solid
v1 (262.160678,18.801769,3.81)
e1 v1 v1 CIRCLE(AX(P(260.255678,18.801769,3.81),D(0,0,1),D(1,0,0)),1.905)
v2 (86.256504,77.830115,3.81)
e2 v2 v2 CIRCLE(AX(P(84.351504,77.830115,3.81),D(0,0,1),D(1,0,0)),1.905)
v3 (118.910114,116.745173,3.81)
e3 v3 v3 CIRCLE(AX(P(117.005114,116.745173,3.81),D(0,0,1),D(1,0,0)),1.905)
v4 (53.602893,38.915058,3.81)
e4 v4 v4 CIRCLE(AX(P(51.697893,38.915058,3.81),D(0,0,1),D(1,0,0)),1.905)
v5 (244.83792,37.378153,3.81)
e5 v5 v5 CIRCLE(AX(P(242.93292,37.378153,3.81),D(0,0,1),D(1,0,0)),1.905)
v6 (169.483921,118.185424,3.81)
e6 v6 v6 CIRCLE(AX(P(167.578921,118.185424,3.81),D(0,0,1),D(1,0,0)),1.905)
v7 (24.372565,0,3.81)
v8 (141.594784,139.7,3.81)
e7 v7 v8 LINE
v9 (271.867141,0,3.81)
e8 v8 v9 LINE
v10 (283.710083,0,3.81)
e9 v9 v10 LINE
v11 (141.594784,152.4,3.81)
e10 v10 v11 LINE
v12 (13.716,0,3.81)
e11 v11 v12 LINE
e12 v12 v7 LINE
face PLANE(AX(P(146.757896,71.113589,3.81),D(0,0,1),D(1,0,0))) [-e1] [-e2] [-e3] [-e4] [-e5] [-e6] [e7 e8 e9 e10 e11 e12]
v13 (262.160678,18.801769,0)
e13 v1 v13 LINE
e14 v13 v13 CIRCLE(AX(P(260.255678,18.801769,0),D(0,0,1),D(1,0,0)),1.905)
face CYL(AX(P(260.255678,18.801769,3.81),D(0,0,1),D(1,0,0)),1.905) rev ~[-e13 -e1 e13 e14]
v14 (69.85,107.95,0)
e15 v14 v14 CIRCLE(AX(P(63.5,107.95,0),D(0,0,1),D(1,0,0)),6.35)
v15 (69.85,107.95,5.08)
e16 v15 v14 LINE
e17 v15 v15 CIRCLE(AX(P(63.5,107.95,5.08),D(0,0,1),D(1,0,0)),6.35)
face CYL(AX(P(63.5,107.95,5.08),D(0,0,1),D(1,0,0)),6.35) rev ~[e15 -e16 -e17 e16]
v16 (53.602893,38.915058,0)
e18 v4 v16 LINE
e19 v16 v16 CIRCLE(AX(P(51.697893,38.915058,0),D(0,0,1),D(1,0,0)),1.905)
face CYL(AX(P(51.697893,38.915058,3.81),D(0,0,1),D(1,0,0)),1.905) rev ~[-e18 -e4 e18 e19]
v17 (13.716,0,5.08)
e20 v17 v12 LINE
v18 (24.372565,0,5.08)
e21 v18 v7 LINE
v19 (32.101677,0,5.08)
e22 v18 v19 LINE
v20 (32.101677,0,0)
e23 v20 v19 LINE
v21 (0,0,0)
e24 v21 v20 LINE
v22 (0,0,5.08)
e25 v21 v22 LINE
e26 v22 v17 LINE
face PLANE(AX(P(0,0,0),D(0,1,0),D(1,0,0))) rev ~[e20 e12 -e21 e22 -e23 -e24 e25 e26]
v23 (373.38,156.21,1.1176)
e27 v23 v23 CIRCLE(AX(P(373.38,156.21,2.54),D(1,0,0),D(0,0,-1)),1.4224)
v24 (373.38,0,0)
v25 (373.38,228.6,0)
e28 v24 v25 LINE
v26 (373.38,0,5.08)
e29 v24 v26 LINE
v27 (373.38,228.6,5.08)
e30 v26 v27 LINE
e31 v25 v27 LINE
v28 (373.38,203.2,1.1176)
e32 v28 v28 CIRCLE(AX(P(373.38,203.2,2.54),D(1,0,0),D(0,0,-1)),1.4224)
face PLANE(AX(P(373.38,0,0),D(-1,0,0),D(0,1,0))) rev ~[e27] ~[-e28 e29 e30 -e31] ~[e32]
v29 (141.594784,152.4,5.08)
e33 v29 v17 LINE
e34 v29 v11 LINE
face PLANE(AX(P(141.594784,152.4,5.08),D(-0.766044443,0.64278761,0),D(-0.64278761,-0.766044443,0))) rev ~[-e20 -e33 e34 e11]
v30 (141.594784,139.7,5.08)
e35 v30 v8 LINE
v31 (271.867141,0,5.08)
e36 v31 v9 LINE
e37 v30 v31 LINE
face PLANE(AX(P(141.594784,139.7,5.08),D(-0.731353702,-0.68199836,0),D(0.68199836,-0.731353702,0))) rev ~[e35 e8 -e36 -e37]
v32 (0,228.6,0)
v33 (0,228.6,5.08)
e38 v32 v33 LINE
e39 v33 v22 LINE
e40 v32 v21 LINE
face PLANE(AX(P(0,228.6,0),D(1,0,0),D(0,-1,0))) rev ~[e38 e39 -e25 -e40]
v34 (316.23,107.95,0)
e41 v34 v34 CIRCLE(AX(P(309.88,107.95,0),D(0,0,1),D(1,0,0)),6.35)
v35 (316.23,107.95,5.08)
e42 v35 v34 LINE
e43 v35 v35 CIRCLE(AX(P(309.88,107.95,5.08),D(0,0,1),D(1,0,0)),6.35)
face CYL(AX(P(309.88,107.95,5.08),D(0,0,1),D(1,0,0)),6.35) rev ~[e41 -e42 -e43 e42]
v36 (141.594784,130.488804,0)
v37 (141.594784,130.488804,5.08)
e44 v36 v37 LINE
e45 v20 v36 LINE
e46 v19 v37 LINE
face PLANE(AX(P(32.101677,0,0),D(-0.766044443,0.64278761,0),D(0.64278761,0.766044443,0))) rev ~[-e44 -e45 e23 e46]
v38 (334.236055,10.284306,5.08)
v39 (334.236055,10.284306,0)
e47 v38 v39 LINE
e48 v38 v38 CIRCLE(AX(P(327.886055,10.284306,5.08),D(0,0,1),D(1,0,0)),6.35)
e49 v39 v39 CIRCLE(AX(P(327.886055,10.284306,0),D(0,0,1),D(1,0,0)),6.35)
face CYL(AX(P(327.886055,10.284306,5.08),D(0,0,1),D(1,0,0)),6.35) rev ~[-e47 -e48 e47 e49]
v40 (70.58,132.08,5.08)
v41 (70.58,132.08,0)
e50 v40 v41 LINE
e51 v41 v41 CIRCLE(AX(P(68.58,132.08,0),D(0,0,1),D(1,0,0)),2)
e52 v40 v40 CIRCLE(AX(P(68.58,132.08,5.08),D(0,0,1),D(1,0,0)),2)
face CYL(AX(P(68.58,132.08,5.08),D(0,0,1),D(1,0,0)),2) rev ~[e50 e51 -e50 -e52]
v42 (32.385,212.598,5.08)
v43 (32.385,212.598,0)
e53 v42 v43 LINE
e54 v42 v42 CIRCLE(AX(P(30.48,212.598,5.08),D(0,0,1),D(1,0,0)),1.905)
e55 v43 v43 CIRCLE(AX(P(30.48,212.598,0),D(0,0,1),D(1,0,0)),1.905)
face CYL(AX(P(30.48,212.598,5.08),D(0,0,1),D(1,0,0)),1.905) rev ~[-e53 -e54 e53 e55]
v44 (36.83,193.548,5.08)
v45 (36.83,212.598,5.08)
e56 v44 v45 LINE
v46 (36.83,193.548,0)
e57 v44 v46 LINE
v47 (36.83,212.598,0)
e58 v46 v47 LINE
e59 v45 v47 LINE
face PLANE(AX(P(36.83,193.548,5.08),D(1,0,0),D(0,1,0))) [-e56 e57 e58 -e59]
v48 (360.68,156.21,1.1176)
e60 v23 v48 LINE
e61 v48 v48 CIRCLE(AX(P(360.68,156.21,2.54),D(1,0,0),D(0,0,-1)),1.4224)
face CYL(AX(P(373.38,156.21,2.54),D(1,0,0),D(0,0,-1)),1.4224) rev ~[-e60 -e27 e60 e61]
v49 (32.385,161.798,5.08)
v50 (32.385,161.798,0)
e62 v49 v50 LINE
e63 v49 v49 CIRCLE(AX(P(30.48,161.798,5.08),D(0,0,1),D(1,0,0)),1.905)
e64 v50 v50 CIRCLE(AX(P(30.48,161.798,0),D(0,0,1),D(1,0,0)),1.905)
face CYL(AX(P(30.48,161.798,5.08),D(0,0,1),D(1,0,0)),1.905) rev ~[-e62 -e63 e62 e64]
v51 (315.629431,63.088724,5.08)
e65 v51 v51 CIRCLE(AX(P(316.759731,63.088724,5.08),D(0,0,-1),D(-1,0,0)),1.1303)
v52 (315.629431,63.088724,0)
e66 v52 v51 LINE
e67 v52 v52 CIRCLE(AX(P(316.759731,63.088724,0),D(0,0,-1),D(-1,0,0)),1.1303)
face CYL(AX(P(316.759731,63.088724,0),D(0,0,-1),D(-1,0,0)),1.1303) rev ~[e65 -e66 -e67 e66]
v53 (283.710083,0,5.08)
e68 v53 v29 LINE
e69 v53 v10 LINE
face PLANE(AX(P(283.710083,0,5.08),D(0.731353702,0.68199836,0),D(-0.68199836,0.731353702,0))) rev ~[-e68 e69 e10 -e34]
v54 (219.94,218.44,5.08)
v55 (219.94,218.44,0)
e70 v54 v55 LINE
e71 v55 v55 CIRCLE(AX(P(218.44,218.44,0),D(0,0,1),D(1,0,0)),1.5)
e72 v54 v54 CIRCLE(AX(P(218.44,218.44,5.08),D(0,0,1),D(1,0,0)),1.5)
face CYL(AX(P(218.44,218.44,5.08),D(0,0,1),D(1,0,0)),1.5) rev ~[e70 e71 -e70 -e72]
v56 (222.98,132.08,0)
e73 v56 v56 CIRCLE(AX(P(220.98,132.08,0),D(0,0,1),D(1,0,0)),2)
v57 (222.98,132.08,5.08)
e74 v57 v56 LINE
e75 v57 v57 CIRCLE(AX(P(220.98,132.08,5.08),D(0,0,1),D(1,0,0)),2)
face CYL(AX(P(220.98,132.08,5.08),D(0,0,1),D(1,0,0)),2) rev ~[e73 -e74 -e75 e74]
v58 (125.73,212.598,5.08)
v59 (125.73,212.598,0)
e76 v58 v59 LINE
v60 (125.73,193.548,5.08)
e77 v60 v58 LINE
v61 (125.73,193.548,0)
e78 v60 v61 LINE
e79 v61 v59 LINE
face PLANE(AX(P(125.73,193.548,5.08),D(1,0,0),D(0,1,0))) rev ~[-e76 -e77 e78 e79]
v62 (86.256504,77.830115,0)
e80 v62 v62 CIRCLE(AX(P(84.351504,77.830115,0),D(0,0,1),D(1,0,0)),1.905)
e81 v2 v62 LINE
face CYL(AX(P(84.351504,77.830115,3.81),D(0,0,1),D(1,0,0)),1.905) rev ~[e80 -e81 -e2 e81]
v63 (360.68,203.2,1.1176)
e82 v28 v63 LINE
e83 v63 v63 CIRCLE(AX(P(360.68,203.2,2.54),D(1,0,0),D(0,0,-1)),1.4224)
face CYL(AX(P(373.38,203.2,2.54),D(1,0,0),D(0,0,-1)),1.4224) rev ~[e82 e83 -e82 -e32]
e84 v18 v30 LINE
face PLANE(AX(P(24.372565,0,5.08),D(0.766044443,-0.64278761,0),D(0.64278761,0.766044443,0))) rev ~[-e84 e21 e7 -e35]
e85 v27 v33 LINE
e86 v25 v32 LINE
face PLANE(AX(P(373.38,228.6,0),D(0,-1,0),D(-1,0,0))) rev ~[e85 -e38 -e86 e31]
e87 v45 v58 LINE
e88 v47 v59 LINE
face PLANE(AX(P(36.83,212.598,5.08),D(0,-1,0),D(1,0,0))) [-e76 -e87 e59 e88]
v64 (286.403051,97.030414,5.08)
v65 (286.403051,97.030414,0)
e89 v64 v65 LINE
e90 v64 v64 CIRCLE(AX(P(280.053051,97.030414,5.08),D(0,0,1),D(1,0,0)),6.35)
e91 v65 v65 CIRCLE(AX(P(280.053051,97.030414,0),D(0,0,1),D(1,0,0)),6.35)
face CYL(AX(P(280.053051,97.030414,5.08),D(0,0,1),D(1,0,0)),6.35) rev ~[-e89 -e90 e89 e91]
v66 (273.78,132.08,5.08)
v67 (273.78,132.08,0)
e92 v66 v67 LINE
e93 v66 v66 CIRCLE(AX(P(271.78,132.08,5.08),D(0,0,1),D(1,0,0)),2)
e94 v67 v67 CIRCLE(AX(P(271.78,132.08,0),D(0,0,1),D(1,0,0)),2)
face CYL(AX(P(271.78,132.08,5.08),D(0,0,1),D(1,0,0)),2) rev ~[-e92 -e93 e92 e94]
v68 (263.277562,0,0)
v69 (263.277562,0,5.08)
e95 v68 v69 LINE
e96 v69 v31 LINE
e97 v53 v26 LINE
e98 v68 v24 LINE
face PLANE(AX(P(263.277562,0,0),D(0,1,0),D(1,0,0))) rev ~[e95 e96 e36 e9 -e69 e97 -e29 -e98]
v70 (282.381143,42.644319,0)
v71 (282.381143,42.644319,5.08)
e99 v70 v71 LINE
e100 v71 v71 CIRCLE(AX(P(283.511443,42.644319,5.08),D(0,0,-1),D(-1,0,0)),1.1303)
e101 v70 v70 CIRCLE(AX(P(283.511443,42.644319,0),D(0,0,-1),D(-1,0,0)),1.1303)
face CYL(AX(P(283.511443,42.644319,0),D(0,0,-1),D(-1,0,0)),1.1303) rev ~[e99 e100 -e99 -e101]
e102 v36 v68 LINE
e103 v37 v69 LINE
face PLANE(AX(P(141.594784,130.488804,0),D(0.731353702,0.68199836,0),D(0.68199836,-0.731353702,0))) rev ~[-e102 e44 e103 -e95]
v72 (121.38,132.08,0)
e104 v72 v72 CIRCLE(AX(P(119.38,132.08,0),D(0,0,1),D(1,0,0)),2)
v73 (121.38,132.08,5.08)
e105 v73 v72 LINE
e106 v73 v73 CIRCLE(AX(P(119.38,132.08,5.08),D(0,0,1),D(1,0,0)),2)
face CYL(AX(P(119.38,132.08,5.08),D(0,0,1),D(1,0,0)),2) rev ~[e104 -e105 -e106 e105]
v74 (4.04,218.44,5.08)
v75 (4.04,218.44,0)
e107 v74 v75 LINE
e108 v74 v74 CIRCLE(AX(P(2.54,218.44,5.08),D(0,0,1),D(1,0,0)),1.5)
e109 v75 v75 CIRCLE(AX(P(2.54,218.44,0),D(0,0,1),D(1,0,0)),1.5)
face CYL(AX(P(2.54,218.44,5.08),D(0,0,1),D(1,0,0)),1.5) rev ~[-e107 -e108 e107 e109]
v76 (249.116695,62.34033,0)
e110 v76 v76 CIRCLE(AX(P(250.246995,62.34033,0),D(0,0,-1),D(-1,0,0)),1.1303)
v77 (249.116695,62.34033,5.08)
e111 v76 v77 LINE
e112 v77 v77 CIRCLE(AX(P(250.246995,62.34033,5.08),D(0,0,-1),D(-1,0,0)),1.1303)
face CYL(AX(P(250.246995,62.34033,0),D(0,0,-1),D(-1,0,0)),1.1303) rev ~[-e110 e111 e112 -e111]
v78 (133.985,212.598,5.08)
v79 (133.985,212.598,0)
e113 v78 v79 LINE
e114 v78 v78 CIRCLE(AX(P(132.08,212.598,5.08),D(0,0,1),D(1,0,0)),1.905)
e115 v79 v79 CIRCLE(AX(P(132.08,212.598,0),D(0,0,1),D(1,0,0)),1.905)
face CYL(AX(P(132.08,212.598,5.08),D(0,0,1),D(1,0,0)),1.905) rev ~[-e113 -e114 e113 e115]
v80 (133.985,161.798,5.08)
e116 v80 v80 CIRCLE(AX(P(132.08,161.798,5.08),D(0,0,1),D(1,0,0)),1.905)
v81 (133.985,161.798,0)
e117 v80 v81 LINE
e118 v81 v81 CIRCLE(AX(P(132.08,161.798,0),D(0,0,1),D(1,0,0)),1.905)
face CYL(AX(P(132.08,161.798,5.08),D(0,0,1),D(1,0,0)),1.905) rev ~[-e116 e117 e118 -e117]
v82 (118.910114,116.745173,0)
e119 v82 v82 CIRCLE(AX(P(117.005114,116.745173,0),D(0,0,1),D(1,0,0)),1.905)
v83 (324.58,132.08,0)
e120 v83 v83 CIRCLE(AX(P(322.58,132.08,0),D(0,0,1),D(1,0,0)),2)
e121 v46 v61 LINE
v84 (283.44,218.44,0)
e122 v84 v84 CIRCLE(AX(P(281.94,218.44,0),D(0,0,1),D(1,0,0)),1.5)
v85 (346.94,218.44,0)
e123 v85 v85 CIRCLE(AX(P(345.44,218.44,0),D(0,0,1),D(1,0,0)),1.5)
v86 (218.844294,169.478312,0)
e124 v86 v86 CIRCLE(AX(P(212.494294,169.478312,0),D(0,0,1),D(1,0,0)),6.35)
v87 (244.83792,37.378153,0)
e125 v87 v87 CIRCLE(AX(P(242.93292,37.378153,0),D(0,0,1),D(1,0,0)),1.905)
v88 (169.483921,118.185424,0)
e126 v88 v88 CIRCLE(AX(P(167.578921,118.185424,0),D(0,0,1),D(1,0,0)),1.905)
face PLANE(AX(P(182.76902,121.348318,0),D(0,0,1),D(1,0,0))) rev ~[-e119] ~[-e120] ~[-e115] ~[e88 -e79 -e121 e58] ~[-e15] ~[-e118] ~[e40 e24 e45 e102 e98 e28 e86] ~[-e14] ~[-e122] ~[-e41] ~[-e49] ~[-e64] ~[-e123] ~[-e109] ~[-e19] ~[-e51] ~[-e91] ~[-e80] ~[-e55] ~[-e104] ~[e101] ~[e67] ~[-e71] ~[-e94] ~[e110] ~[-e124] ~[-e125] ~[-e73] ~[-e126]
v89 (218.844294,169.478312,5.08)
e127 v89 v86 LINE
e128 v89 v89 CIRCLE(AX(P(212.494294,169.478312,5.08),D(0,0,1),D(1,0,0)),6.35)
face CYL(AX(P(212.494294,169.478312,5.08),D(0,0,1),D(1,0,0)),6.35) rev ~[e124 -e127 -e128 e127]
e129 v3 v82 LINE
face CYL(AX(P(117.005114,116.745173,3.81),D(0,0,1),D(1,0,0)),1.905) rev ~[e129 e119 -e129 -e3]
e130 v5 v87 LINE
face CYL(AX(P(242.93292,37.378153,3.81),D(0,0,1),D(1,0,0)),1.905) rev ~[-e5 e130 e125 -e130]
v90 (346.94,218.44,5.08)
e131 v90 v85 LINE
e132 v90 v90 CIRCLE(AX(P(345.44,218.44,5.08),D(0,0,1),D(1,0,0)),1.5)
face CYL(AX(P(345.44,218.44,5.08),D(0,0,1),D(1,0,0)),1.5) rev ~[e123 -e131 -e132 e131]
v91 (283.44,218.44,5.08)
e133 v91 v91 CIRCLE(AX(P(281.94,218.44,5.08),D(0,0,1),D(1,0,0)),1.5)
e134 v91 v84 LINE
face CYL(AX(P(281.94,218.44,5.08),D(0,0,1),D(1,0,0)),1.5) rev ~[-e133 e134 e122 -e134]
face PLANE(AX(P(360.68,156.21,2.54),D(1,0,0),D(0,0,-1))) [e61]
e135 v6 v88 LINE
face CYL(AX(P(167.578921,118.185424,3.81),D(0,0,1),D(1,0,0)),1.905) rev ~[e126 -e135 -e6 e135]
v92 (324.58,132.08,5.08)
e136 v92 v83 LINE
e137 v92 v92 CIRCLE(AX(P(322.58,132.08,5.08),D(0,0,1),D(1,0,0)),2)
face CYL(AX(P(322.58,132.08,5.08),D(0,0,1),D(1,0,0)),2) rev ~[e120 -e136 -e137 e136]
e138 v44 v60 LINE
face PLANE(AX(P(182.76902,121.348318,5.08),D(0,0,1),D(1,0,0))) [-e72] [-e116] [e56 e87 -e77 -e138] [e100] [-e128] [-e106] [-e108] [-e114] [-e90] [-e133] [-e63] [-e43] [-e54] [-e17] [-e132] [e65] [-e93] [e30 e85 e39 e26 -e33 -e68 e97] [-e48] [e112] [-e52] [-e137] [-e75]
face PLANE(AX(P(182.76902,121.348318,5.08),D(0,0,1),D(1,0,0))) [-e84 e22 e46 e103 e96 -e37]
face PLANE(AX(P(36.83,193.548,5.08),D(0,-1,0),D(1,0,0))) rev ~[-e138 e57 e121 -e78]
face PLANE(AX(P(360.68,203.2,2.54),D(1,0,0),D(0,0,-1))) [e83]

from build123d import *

# Parameters (mm, degrees)
BOSS_EXTRUDE1_DEPTH = 5.08
CUT_EXTRUDE1_DEPTH  = 1.27
SKETCH4_R           = 1.905
CUT_EXTRUDE2_DEPTH  = 7.62
SKETCH5_R           = 1.905
SKETCH5_W           = 88.9
SKETCH5_H           = 19.05
CUT_EXTRUDE3_DEPTH  = 7.62
SKETCH7_R           = 6.35
CUT_EXTRUDE5_DEPTH  = 7.62
SKETCH8_R           = 1.5
CUT_EXTRUDE6_DEPTH  = 25.4
SKETCH9_R           = 2
CUT_EXTRUDE7_DEPTH  = 381
SKETCH10_R          = 1.4224
CUT_EXTRUDE8_DEPTH  = 12.7
SKETCH6_R           = 6.35
CUT_EXTRUDE9_DEPTH  = 5.08
SKETCH11_R          = 1.1303
CUT_EXTRUDE10_DEPTH = 438.831463922


with BuildPart() as part:
    # Sketch2 → Boss-Extrude1 (new body)
    with BuildSketch(Plane.XY):
        Polygon((0, 0), (32.101676515, 0), (141.594783791, 130.488803961), (263.277562057, 0), (373.38, 0), (373.38, 228.6), (0, 228.6), align=None)
    extrude(amount=BOSS_EXTRUDE1_DEPTH)

    # Sketch3 → Cut-Extrude1 (cut)
    with BuildSketch(Plane.XY.offset(5.08)):
        Polygon((13.716, 0), (24.372565316, 0), (141.594783791, 139.7), (271.867141325, 0), (283.710082919, 0), (141.594783791, 152.4), align=None)
    extrude(amount=-CUT_EXTRUDE1_DEPTH, mode=Mode.SUBTRACT)

    # Sketch4 → Cut-Extrude2 (cut)
    with BuildSketch(Plane.XY.offset(3.81)):
        with Locations((51.69789323, 38.91505771)):
            Circle(SKETCH4_R)
        with Locations((84.351503802, 77.830115421)):
            Circle(SKETCH4_R)
        with Locations((117.005114374, 116.745173131)):
            Circle(SKETCH4_R)
        with Locations((167.57892131, 118.185423968)):
            Circle(SKETCH4_R)
        with Locations((242.932920113, 37.378153476)):
            Circle(SKETCH4_R)
        with Locations((260.255678459, 18.801769455)):
            Circle(SKETCH4_R)
    extrude(amount=-CUT_EXTRUDE2_DEPTH, mode=Mode.SUBTRACT)

    # Sketch5 → Cut-Extrude3 (cut)
    with BuildSketch(Plane.XY.offset(5.08)):
        with Locations((30.48, 212.598)):
            Circle(SKETCH5_R)
        with Locations((132.08, 212.598)):
            Circle(SKETCH5_R)
        with Locations((30.48, 161.798)):
            Circle(SKETCH5_R)
        with Locations((132.08, 161.798)):
            Circle(SKETCH5_R)
        with Locations((81.28, 203.073)):
            Rectangle(SKETCH5_W, SKETCH5_H)
    extrude(amount=-CUT_EXTRUDE3_DEPTH, mode=Mode.SUBTRACT)

    # Sketch7 → Cut-Extrude5 (cut)
    with BuildSketch(Plane.XY.offset(5.08)):
        with Locations((309.88, 107.95)):
            Circle(SKETCH7_R)
        with Locations((63.5, 107.95)):
            Circle(SKETCH7_R)
    extrude(amount=-CUT_EXTRUDE5_DEPTH, mode=Mode.SUBTRACT)

    # Sketch8 → Cut-Extrude6 (cut)
    with BuildSketch(Plane.XY.offset(5.08)):
        with Locations((2.54, 218.44)):
            Circle(SKETCH8_R)
        with Locations((218.44, 218.44)):
            Circle(SKETCH8_R)
        with Locations((281.94, 218.44)):
            Circle(SKETCH8_R)
        with Locations((345.44, 218.44)):
            Circle(SKETCH8_R)
    extrude(amount=-CUT_EXTRUDE6_DEPTH, mode=Mode.SUBTRACT)

    # Sketch9 → Cut-Extrude7 (cut)
    with BuildSketch(Plane.XY.offset(5.08)):
        with Locations((322.58, 132.08)):
            Circle(SKETCH9_R)
        with Locations((271.78, 132.08)):
            Circle(SKETCH9_R)
        with Locations((220.98, 132.08)):
            Circle(SKETCH9_R)
        with Locations((119.38, 132.08)):
            Circle(SKETCH9_R)
        with Locations((68.58, 132.08)):
            Circle(SKETCH9_R)
    extrude(amount=-CUT_EXTRUDE7_DEPTH, mode=Mode.SUBTRACT)

    # Sketch10 → Cut-Extrude8 (cut)
    with BuildSketch(Plane(origin=(373.38, 0, 0), x_dir=(0, 0, -1), z_dir=(1, 0, 0))):
        with Locations((-2.54, 203.2)):
            Circle(SKETCH10_R)
        with Locations((-2.54, 156.21)):
            Circle(SKETCH10_R)
    extrude(amount=-CUT_EXTRUDE8_DEPTH, mode=Mode.SUBTRACT)

    # Sketch6 → Cut-Extrude9 (cut)
    with BuildSketch(Plane.XY.offset(5.08)):
        with Locations((212.494293851, 169.478312144)):
            Circle(SKETCH6_R)
        with Locations((280.053051399, 97.030414462)):
            Circle(SKETCH6_R)
        with Locations((327.886055199, 10.284305918)):
            Circle(SKETCH6_R)
    extrude(amount=-CUT_EXTRUDE9_DEPTH, mode=Mode.SUBTRACT)

    # Sketch11 → Cut-Extrude10 (cut, through all)
    with BuildSketch(Plane(origin=(0, 0, 0), x_dir=(-1, 0, 0), z_dir=(0, 0, -1))):
        with Locations((-316.75973092, 63.088723784)):
            Circle(SKETCH11_R)
        with Locations((-250.246994693, 62.340329973)):
            Circle(SKETCH11_R)
        with Locations((-283.511442727, 42.644318593)):
            Circle(SKETCH11_R)
    extrude(amount=-CUT_EXTRUDE10_DEPTH, mode=Mode.SUBTRACT)


solid = part.part
